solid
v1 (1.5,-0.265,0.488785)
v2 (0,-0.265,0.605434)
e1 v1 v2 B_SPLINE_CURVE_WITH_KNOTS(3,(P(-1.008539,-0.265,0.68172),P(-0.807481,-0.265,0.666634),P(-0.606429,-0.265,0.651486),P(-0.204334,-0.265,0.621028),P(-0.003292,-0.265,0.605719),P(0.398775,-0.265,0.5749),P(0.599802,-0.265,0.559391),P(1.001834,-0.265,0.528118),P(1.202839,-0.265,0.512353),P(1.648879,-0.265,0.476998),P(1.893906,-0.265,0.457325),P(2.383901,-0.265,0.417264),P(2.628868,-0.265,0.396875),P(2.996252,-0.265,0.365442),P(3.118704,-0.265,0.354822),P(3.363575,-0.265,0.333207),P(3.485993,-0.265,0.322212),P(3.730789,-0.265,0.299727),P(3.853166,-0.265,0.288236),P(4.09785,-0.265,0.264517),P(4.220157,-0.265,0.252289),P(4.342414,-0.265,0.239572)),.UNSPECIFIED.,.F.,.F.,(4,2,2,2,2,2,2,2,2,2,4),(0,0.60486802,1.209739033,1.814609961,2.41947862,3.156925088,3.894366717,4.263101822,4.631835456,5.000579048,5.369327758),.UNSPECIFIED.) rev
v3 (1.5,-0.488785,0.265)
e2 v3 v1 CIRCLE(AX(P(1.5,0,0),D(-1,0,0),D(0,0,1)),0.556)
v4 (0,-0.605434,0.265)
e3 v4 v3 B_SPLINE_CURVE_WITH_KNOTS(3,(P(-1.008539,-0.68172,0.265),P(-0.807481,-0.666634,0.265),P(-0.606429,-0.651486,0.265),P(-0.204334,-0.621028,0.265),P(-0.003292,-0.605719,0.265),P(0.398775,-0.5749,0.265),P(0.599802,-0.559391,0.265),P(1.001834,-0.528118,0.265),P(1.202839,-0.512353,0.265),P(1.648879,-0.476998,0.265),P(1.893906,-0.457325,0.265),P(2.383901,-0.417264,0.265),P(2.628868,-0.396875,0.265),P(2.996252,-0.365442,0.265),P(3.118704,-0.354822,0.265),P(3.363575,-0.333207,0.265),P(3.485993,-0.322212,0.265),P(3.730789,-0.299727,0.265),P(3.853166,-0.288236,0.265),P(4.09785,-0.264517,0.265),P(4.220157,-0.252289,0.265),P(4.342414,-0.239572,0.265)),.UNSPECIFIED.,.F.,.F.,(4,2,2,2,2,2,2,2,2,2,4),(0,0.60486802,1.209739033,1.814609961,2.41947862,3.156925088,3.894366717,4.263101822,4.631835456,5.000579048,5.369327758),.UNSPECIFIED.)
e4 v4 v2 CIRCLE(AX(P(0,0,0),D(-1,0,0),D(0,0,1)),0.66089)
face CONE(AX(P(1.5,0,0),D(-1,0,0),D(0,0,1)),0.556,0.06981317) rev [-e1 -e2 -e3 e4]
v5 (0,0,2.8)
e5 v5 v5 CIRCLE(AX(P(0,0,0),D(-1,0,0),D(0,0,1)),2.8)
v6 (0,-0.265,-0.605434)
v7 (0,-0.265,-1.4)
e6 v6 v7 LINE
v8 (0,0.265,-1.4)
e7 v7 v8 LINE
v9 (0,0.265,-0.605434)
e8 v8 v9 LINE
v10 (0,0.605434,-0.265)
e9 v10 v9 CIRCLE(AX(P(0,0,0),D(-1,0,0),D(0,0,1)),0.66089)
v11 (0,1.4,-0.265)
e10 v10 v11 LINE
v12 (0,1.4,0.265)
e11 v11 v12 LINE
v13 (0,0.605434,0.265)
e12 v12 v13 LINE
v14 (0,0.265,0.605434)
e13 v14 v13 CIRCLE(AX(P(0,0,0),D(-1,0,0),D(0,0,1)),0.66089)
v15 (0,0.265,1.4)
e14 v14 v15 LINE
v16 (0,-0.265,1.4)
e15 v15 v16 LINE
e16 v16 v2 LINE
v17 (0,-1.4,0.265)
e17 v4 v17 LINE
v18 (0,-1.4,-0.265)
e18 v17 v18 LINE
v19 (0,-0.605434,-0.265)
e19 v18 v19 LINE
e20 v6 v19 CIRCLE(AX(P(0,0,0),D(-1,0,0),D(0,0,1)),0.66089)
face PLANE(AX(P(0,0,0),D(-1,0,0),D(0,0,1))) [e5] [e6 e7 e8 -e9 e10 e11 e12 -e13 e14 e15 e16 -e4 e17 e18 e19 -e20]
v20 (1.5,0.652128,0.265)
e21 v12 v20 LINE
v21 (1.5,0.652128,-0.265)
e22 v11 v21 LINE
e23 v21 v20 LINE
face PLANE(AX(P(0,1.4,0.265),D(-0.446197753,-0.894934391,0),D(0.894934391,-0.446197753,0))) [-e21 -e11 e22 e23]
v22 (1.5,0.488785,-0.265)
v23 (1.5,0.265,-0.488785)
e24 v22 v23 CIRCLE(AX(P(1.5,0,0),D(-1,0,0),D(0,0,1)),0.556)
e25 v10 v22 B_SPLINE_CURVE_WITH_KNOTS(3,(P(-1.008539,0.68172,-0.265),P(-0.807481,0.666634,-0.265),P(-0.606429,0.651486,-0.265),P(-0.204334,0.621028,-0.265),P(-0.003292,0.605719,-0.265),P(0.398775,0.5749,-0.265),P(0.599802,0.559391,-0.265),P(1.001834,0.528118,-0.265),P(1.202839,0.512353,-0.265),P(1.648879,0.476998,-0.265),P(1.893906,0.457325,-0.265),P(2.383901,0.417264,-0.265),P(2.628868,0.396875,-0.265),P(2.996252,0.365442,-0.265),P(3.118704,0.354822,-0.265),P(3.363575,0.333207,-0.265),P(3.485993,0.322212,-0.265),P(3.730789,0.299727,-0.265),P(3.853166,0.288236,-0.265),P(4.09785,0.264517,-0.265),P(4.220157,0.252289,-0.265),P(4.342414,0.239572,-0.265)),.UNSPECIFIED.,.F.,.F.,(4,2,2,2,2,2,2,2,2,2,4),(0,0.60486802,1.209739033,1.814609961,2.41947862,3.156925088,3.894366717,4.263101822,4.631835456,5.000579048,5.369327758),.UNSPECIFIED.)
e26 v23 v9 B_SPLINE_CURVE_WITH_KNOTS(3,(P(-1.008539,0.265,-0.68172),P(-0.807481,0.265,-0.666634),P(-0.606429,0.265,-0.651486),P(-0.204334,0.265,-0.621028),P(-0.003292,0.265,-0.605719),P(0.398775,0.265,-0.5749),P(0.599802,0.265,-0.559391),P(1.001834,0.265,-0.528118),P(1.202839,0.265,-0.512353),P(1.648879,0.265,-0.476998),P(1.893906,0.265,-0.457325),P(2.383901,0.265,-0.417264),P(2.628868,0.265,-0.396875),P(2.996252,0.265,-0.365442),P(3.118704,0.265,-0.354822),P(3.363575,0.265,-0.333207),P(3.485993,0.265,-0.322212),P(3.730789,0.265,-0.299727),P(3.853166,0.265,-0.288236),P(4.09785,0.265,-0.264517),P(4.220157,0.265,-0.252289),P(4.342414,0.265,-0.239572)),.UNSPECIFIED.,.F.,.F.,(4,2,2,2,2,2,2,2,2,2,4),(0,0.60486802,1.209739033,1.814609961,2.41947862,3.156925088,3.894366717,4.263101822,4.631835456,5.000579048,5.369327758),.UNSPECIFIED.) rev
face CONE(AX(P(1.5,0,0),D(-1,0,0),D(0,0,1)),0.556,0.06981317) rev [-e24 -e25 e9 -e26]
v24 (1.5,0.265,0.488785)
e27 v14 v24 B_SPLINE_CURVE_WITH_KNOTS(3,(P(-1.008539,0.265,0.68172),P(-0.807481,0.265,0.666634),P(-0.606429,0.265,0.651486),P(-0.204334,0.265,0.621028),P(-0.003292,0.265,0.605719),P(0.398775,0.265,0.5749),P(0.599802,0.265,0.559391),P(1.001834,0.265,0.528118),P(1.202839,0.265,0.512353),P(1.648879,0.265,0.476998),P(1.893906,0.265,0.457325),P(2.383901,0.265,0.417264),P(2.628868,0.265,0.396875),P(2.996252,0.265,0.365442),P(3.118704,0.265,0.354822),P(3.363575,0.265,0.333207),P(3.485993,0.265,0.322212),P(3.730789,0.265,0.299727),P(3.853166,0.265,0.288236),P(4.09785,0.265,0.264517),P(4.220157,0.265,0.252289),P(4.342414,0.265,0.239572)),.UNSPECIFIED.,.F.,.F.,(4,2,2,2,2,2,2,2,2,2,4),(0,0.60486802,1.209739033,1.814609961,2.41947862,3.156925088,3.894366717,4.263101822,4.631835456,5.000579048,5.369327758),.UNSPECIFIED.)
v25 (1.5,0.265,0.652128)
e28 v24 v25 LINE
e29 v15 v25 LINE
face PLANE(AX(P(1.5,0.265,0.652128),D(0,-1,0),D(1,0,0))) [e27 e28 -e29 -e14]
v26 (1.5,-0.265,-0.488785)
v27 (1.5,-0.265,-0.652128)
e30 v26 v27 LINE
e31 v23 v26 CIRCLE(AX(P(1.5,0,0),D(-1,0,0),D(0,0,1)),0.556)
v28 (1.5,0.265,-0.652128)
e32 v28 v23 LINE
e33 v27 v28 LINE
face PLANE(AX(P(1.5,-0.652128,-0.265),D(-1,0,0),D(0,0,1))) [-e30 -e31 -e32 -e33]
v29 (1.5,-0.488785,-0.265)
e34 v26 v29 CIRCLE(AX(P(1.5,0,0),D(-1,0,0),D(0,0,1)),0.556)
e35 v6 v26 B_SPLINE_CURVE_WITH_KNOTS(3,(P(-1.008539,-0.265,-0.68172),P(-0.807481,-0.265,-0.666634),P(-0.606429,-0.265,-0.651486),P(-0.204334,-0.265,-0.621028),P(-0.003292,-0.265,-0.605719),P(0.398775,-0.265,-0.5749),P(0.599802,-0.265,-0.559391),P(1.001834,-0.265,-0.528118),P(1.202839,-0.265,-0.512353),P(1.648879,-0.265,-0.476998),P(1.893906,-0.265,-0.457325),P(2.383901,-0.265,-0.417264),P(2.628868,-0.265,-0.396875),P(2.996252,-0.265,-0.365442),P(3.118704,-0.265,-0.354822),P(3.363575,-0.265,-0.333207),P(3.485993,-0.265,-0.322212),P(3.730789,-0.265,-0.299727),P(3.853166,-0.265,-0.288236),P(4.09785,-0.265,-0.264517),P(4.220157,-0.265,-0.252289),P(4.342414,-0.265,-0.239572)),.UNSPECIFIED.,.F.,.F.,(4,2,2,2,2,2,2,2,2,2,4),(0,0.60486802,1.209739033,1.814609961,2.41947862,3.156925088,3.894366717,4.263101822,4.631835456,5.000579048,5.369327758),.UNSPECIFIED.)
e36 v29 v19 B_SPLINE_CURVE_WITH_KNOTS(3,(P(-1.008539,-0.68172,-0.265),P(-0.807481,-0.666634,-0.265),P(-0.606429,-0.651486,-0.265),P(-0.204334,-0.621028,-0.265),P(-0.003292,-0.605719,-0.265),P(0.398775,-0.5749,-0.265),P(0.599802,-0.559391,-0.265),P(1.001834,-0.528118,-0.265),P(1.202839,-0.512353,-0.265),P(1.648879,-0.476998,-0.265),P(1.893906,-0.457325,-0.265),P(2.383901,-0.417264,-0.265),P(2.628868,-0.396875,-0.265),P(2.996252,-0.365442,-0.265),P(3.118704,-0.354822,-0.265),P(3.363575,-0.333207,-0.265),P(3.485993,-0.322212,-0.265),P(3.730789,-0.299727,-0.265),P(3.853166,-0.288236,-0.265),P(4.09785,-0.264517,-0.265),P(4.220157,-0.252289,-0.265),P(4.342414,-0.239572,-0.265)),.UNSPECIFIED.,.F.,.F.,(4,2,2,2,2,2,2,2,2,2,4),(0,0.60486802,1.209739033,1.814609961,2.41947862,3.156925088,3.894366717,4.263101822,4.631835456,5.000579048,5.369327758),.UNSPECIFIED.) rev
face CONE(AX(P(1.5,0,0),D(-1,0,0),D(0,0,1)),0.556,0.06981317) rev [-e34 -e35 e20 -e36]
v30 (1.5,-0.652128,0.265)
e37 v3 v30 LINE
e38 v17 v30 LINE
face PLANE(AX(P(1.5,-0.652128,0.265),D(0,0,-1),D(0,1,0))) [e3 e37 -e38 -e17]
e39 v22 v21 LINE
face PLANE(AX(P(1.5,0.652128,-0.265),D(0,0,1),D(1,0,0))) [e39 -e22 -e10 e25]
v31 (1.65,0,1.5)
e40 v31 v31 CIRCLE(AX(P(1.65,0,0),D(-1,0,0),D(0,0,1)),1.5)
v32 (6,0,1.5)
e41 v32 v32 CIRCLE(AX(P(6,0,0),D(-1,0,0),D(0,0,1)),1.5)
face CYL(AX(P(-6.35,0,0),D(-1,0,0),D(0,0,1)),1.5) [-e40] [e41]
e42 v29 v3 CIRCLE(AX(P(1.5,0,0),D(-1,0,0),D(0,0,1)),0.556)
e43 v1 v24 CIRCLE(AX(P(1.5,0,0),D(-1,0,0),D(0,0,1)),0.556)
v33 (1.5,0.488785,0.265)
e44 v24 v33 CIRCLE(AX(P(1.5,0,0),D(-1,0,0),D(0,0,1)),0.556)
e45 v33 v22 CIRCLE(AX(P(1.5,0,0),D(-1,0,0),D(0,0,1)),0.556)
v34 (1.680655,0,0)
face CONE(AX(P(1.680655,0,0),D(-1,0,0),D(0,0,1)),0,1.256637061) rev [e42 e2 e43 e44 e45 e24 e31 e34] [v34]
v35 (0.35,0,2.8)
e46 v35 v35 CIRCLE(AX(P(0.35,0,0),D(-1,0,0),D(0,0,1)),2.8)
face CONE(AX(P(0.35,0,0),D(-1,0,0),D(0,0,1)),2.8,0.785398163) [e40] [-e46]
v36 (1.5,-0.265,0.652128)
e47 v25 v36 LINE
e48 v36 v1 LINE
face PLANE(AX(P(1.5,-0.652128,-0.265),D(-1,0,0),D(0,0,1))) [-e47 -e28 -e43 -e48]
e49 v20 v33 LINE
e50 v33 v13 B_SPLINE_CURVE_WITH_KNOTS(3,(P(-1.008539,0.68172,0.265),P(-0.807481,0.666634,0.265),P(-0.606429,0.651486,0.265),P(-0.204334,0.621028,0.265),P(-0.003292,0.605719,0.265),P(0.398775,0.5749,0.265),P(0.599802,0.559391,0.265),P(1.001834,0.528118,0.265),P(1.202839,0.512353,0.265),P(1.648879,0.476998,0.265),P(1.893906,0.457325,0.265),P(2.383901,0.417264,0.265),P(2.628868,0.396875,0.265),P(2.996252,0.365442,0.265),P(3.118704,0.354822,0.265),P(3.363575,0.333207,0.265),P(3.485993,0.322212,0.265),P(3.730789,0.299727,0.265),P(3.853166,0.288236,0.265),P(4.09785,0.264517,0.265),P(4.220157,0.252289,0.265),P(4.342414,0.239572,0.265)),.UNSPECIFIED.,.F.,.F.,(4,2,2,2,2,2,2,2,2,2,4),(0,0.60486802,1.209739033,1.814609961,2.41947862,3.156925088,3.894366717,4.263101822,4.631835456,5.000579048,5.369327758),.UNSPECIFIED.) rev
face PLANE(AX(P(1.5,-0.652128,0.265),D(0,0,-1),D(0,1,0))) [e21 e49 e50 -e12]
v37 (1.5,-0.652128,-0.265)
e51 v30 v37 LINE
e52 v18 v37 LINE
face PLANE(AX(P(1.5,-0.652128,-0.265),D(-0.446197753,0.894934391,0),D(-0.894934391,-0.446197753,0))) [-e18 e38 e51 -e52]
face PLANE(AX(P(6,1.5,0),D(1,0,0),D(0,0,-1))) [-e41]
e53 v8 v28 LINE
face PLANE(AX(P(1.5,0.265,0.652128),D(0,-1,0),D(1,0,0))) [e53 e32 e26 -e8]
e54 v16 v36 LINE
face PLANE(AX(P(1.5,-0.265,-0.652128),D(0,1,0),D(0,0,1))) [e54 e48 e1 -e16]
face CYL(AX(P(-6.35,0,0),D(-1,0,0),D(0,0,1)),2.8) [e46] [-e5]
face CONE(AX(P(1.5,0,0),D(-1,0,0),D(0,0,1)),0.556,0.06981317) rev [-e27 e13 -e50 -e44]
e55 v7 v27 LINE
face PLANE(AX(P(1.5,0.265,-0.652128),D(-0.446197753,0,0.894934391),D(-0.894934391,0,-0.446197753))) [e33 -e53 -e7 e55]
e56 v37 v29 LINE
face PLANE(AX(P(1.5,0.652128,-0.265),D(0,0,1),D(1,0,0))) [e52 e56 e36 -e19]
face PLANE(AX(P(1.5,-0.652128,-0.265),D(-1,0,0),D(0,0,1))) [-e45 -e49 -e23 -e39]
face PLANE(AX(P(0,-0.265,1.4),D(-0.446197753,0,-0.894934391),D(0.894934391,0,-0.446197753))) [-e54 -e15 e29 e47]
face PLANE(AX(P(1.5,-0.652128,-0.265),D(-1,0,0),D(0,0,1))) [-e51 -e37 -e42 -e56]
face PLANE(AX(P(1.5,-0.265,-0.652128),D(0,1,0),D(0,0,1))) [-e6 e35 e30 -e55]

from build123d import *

# Parameters (mm, degrees)
RECPAT_COUNT = 2
RECPAT_ANGLE = 90


with BuildPart() as part:
    # BodySke → Base-Revolve (revolve)
    with BuildSketch(Plane.XY, mode=Mode.PRIVATE) as base_revolve_sk:
        Polygon((0, 0), (0, 2.8), (0.35, 2.8), (1.65, 1.5), (6, 1.5), (6, 0), align=None)
    revolve(base_revolve_sk.sketch.rotate(Axis((-6.35, 0, 0), (1, 0, 0)), 90), axis=Axis((-6.35, 0, 0), (1, 0, 0)))

    # Sketch3 → Recess section 0
    with BuildSketch(Plane.ZY):
        with BuildLine():
            Line((-0.265, 1.4), (0.265, 1.4))
            Line((0.265, 1.4), (0.265, -1.4))
            Line((0.265, -1.4), (-0.265, -1.4))
            Line((-0.265, -1.4), (-0.265, 1.4))
        make_face()
    # Sketch4 → Recess section 1
    with BuildSketch(Plane.ZY.offset(-1.5)):
        with BuildLine():
            Line((-0.265, 0.652127713), (0.265, 0.652127713))
            Line((0.265, 0.652127713), (0.265, -0.652127713))
            Line((0.265, -0.652127713), (-0.265, -0.652127713))
            Line((-0.265, -0.652127713), (-0.265, 0.652127713))
        make_face()
    recess = loft(mode=Mode.SUBTRACT)

    # RecPat: Recess ×2 about axis
    recpat_axis = Axis((0, 0, 0), (1, 0, 0))
    for i in range(1, RECPAT_COUNT):
        add(recess.rotate(recpat_axis, i * RECPAT_ANGLE / (RECPAT_COUNT - 1)), mode=Mode.SUBTRACT)

    # RecCorSke → RecessCore (revolve, cut)
    with BuildSketch(Plane.XY, mode=Mode.PRIVATE) as recesscore_sk:
        Polygon((0, 0), (0, 0.660890218), (1.5, 0.556), (1.680655351, 0), align=None)
    revolve(recesscore_sk.sketch.rotate(Axis((-3.175, 0, 0), (1, 0, 0)), 90), axis=Axis((-3.175, 0, 0), (1, 0, 0)), mode=Mode.SUBTRACT)


solid = part.part
